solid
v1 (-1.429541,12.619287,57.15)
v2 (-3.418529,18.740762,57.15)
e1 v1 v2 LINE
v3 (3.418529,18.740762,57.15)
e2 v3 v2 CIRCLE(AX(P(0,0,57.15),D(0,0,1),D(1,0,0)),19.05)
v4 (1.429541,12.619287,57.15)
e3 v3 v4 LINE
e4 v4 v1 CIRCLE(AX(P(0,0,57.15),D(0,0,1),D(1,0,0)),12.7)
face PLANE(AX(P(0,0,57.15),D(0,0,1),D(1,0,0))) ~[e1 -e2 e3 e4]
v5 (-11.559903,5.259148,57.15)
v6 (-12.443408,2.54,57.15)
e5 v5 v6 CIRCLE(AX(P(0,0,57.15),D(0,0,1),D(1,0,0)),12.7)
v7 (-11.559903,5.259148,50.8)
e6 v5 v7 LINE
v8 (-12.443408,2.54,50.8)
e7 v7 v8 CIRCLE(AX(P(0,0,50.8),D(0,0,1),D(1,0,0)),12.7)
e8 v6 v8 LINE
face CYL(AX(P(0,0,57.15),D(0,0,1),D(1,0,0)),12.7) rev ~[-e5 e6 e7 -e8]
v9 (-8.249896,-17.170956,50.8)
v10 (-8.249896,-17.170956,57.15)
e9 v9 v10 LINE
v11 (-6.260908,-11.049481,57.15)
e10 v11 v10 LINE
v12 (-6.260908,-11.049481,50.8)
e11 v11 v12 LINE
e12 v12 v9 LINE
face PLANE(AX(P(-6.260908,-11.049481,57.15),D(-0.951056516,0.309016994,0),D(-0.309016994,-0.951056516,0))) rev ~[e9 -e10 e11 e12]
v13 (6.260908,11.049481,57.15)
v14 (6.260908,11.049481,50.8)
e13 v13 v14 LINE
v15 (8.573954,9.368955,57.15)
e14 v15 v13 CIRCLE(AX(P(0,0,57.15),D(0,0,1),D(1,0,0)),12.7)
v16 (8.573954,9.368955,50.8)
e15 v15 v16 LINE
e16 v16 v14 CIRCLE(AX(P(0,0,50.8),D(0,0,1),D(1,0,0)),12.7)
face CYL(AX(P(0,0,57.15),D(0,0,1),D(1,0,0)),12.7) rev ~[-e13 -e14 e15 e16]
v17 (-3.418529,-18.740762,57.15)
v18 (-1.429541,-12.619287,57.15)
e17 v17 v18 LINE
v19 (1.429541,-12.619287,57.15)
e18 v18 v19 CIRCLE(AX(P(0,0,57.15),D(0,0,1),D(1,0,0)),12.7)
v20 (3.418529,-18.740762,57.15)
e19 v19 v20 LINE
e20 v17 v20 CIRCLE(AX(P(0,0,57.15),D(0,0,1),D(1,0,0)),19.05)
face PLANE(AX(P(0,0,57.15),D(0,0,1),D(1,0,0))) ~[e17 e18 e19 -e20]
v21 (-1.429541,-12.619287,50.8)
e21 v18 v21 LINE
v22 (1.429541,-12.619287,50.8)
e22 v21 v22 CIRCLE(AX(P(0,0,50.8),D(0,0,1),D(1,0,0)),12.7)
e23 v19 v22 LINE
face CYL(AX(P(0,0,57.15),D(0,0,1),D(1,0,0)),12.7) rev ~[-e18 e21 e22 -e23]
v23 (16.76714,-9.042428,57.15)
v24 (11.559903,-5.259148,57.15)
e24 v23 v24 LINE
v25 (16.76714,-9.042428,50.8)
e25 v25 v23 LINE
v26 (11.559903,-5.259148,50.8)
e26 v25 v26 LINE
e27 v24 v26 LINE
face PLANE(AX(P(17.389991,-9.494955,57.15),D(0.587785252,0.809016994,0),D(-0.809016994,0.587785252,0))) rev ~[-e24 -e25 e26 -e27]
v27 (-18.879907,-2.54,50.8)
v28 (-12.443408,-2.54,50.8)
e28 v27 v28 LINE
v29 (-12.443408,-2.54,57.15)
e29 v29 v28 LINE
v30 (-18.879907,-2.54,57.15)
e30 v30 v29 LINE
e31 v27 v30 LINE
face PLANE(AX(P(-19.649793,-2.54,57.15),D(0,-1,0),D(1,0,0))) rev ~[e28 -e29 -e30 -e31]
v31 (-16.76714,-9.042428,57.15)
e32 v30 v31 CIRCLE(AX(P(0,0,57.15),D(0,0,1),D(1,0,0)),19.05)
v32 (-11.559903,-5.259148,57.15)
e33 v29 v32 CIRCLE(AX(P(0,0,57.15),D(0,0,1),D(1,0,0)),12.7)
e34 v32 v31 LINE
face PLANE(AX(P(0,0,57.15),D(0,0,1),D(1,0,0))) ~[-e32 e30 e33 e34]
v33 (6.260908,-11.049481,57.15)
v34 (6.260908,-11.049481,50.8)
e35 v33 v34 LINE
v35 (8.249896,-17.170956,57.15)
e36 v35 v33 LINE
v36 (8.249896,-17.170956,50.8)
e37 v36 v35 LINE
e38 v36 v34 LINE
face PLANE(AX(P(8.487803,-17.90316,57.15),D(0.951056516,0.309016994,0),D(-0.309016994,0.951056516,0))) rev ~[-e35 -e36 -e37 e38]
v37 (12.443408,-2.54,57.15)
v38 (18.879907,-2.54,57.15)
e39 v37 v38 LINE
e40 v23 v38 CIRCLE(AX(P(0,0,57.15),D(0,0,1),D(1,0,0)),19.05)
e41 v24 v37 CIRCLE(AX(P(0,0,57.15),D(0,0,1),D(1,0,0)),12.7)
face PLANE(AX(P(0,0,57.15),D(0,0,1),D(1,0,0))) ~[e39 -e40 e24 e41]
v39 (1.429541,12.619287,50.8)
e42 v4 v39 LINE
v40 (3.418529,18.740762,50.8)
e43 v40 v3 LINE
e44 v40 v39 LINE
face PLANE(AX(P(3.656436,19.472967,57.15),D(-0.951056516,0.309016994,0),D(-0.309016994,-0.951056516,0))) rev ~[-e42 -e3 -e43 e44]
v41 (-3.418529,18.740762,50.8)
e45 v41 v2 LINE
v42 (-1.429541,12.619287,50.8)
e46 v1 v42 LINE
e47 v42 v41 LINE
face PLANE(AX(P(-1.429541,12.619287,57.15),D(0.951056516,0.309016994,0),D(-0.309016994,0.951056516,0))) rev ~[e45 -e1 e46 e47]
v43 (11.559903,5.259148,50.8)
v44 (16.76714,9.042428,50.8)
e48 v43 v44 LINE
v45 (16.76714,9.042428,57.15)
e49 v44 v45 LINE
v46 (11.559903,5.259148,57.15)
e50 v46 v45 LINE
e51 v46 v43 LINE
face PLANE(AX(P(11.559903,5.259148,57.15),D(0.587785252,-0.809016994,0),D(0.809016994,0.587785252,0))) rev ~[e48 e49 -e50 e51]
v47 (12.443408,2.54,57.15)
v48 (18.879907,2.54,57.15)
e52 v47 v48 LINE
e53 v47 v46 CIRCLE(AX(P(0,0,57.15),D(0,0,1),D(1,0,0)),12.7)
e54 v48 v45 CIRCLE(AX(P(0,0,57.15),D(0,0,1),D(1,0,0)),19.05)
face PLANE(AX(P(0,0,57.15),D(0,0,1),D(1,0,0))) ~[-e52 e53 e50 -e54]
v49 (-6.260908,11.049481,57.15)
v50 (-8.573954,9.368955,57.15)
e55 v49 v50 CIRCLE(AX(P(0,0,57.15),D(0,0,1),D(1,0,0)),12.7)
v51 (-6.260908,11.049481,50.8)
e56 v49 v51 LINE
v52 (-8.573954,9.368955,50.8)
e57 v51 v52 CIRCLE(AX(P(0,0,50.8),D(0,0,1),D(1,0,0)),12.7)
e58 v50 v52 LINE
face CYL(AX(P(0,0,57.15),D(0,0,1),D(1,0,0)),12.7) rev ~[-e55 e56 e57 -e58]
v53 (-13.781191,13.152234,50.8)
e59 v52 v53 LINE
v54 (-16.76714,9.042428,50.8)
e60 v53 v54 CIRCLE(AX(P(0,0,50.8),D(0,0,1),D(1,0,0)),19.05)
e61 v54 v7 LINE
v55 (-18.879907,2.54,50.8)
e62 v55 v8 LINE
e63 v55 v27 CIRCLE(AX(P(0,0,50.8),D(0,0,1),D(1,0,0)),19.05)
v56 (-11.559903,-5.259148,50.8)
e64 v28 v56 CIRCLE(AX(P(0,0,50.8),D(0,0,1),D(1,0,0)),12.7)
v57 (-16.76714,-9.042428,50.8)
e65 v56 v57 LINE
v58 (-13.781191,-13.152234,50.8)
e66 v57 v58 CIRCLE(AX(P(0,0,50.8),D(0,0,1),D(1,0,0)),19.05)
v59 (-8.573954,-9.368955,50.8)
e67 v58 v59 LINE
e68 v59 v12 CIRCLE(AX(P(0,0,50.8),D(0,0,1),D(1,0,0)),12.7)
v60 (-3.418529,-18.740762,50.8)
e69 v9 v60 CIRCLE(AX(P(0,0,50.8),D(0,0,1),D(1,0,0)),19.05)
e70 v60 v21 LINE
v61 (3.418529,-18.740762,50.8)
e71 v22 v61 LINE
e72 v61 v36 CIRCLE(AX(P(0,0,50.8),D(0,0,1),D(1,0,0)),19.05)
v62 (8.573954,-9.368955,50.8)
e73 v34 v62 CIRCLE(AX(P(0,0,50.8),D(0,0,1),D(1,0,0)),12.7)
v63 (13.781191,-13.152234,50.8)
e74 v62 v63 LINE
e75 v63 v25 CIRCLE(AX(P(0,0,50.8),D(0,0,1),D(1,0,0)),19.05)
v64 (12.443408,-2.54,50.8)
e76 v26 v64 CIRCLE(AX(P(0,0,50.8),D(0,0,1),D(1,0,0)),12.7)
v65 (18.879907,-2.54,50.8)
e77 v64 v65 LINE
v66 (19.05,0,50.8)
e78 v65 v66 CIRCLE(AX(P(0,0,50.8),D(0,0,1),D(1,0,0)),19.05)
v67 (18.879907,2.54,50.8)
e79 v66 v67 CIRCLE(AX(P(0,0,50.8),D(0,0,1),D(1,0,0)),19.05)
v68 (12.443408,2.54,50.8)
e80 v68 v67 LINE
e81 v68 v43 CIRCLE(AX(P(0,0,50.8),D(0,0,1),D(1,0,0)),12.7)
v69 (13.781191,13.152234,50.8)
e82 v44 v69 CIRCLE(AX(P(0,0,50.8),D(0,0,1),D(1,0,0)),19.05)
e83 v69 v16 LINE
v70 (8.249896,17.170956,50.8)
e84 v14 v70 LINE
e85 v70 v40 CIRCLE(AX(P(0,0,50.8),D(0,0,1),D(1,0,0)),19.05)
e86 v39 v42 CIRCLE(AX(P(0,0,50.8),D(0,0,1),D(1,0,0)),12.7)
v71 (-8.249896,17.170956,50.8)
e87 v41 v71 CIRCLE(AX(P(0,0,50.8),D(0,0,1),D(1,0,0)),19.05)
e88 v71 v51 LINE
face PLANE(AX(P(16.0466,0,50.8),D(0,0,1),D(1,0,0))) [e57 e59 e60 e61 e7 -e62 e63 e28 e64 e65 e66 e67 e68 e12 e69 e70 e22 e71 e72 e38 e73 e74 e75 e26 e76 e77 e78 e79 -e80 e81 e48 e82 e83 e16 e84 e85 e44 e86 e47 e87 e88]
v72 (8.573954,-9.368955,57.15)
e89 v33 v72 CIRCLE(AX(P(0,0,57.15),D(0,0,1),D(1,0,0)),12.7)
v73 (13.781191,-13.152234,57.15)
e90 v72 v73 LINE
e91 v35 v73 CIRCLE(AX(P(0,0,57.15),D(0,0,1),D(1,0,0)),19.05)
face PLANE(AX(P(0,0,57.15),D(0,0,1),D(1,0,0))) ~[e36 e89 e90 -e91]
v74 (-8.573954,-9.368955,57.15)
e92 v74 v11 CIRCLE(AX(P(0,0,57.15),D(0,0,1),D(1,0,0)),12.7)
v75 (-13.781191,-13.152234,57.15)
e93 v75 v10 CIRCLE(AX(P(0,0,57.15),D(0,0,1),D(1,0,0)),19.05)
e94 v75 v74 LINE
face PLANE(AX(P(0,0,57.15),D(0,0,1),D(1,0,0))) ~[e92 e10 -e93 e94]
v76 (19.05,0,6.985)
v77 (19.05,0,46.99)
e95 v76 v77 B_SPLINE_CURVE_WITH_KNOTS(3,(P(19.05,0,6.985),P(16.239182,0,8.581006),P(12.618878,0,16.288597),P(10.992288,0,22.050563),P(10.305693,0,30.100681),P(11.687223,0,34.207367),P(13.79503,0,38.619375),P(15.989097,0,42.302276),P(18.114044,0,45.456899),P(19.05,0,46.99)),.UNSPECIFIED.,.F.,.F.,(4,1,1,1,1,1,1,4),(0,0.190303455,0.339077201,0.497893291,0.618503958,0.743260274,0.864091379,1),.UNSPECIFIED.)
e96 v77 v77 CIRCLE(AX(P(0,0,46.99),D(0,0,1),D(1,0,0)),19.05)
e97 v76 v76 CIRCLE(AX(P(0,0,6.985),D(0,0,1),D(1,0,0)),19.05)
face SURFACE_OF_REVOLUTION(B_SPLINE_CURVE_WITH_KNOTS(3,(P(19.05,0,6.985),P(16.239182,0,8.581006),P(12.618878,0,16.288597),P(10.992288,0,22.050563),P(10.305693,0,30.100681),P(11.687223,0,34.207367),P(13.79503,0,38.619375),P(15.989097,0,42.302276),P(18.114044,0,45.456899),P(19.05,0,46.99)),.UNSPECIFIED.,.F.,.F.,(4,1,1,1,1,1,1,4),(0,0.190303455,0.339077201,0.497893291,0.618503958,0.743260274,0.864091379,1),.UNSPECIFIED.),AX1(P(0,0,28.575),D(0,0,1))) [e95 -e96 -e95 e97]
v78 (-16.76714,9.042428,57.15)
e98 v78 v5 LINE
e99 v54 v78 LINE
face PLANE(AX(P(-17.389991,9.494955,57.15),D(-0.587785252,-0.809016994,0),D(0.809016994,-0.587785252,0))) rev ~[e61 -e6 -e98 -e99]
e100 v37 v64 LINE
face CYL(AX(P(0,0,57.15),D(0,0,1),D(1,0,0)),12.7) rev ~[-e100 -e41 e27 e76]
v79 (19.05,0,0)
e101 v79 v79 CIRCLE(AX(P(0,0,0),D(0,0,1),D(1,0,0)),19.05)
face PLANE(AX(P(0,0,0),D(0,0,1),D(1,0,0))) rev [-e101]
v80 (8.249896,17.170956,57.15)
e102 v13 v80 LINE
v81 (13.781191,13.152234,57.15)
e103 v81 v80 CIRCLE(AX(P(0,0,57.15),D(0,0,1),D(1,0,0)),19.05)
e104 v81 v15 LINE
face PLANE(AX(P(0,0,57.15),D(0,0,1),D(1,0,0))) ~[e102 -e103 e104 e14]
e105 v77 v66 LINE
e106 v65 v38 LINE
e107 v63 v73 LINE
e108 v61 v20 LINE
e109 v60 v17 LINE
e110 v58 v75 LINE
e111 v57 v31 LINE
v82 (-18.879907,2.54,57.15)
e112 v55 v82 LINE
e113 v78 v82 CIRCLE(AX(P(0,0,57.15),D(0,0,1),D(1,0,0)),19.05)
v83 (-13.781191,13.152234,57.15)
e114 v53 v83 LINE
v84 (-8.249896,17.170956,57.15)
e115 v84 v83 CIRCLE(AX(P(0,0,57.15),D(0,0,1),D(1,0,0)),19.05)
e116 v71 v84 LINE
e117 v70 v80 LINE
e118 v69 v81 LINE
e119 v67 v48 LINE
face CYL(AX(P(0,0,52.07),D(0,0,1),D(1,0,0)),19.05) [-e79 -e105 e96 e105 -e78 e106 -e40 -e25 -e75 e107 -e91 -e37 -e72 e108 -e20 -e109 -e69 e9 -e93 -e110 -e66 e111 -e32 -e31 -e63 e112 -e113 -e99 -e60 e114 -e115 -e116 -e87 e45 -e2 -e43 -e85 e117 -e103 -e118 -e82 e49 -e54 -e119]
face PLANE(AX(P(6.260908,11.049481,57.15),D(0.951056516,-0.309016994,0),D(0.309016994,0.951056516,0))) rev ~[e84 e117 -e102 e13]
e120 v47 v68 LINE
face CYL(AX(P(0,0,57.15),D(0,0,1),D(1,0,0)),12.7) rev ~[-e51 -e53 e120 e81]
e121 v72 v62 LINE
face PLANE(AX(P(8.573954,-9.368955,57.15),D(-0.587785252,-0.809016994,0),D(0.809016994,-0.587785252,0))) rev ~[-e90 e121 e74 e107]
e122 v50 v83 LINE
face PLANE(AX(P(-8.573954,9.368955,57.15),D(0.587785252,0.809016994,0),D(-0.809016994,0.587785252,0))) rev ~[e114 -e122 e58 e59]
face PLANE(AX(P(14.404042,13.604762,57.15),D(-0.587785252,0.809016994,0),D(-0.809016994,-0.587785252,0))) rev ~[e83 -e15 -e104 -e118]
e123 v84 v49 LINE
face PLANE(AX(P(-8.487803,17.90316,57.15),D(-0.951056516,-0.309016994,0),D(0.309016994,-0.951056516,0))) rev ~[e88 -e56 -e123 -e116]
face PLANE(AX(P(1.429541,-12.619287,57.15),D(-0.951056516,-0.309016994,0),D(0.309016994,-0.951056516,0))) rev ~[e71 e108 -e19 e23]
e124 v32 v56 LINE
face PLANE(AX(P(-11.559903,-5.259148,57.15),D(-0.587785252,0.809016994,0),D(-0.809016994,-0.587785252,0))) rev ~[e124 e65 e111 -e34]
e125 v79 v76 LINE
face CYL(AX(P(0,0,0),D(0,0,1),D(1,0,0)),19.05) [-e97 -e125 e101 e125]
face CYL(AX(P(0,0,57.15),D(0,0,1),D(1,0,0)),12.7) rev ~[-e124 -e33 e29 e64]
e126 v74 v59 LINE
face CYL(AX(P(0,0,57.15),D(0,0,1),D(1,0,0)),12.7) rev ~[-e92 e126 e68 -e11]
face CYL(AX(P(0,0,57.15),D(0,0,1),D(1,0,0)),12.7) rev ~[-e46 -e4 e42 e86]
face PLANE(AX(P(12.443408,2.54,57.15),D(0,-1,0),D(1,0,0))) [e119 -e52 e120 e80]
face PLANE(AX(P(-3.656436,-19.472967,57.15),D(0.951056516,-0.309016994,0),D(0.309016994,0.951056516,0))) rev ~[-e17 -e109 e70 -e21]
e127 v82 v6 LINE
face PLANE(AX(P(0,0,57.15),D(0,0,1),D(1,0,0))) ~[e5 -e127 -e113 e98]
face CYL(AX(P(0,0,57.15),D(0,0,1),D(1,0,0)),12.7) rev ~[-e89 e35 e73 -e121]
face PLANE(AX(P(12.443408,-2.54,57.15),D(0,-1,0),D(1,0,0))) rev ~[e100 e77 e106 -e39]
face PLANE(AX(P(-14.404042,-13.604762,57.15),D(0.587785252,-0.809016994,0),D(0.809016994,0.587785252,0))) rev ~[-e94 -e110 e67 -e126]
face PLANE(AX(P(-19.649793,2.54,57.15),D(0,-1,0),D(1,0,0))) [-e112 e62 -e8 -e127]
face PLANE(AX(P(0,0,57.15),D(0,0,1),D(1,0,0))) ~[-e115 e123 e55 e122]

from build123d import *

# Parameters (mm, degrees)
F0_W     = 19.05
F0_H     = 10.16
F2_R     = 12.7
F3_DEPTH = 6.35
F4_W     = 7.2063849882
F4_H     = 5.08
F5_DEPTH = 6.35


with BuildPart() as f1:
    # F0 (on Front) → F1 (revolve)
    with BuildSketch(Plane.XZ):
        with BuildLine():
            Line((0, 46.99), (0, 0))
            Line((0, 0), (19.05, 0))
            Line((19.05, 0), (19.05, 6.985))
            add(Edge.make_bspline(
                [(19.05, 6.985), (16.2391823394, 8.5810058703), (12.6188776664, 16.288597078), (10.9922878006, 22.0505625493), (10.305692607, 30.1006807739), (11.6872230365, 34.2073674129), (13.795029925, 38.6193750914), (15.9890974554, 42.3022760514), (18.1140442061, 45.4568990599), (19.05, 46.99)],
                knots=[0, 0, 0, 0, 0.1903034554, 0.3390772007, 0.4978932907, 0.618503958, 0.7432602735, 0.8640913793, 1, 1, 1, 1], degree=3))
            Line((19.05, 46.99), (0, 46.99))
        make_face()
        with Locations((9.525, 52.07)):
            Rectangle(F0_W, F0_H)
    revolve(axis=Axis((0, 0, 28.575), (0, 0, 1)))

    # F2 (on face) → F3 (cut)
    with BuildSketch(Plane.XY.offset(57.15)):
        Circle(F2_R)
    extrude(amount=-F3_DEPTH, mode=Mode.SUBTRACT)

    # F4 (on face) → F5 (cut)
    with BuildSketch(Plane.XY.offset(57.15)):
        with Locations((16.0466003874, 0)):
            Rectangle(F4_W, F4_H)
        Polygon((14.4040418363, 13.6047616321), (8.5739539128, 9.3689548137), (11.5599029945, 5.2591484823), (17.3899909179, 9.4949553006), align=None)
        Polygon((3.6564363849, 19.4729667295), (1.4295409556, 12.6192873276), (6.2609080584, 11.0494809962), (8.4878034877, 17.9031603981), align=None)
        Polygon((-8.4878034877, 17.9031603981), (-6.2609080584, 11.0494809962), (-1.4295409556, 12.6192873276), (-3.6564363849, 19.4729667295), align=None)
        Polygon((-17.3899909179, 9.4949553006), (-11.5599029945, 5.2591484823), (-8.5739539128, 9.3689548137), (-14.4040418363, 13.6047616321), align=None)
        with Locations((-16.0466003874, 0)):
            Rectangle(F4_W, F4_H)
        Polygon((-14.4040418363, -13.6047616321), (-8.5739539128, -9.3689548137), (-11.5599029945, -5.2591484823), (-17.3899909179, -9.4949553006), align=None)
        Polygon((-3.6564363849, -19.4729667295), (-1.4295409556, -12.6192873276), (-6.2609080584, -11.0494809962), (-8.4878034877, -17.9031603981), align=None)
        Polygon((8.4878034877, -17.9031603981), (6.2609080584, -11.0494809962), (1.4295409556, -12.6192873276), (3.6564363849, -19.4729667295), align=None)
        Polygon((17.3899909179, -9.4949553006), (11.5599029945, -5.2591484823), (8.5739539128, -9.3689548137), (14.4040418363, -13.6047616321), align=None)
    extrude(amount=-F5_DEPTH, mode=Mode.SUBTRACT)


solid = f1.part
